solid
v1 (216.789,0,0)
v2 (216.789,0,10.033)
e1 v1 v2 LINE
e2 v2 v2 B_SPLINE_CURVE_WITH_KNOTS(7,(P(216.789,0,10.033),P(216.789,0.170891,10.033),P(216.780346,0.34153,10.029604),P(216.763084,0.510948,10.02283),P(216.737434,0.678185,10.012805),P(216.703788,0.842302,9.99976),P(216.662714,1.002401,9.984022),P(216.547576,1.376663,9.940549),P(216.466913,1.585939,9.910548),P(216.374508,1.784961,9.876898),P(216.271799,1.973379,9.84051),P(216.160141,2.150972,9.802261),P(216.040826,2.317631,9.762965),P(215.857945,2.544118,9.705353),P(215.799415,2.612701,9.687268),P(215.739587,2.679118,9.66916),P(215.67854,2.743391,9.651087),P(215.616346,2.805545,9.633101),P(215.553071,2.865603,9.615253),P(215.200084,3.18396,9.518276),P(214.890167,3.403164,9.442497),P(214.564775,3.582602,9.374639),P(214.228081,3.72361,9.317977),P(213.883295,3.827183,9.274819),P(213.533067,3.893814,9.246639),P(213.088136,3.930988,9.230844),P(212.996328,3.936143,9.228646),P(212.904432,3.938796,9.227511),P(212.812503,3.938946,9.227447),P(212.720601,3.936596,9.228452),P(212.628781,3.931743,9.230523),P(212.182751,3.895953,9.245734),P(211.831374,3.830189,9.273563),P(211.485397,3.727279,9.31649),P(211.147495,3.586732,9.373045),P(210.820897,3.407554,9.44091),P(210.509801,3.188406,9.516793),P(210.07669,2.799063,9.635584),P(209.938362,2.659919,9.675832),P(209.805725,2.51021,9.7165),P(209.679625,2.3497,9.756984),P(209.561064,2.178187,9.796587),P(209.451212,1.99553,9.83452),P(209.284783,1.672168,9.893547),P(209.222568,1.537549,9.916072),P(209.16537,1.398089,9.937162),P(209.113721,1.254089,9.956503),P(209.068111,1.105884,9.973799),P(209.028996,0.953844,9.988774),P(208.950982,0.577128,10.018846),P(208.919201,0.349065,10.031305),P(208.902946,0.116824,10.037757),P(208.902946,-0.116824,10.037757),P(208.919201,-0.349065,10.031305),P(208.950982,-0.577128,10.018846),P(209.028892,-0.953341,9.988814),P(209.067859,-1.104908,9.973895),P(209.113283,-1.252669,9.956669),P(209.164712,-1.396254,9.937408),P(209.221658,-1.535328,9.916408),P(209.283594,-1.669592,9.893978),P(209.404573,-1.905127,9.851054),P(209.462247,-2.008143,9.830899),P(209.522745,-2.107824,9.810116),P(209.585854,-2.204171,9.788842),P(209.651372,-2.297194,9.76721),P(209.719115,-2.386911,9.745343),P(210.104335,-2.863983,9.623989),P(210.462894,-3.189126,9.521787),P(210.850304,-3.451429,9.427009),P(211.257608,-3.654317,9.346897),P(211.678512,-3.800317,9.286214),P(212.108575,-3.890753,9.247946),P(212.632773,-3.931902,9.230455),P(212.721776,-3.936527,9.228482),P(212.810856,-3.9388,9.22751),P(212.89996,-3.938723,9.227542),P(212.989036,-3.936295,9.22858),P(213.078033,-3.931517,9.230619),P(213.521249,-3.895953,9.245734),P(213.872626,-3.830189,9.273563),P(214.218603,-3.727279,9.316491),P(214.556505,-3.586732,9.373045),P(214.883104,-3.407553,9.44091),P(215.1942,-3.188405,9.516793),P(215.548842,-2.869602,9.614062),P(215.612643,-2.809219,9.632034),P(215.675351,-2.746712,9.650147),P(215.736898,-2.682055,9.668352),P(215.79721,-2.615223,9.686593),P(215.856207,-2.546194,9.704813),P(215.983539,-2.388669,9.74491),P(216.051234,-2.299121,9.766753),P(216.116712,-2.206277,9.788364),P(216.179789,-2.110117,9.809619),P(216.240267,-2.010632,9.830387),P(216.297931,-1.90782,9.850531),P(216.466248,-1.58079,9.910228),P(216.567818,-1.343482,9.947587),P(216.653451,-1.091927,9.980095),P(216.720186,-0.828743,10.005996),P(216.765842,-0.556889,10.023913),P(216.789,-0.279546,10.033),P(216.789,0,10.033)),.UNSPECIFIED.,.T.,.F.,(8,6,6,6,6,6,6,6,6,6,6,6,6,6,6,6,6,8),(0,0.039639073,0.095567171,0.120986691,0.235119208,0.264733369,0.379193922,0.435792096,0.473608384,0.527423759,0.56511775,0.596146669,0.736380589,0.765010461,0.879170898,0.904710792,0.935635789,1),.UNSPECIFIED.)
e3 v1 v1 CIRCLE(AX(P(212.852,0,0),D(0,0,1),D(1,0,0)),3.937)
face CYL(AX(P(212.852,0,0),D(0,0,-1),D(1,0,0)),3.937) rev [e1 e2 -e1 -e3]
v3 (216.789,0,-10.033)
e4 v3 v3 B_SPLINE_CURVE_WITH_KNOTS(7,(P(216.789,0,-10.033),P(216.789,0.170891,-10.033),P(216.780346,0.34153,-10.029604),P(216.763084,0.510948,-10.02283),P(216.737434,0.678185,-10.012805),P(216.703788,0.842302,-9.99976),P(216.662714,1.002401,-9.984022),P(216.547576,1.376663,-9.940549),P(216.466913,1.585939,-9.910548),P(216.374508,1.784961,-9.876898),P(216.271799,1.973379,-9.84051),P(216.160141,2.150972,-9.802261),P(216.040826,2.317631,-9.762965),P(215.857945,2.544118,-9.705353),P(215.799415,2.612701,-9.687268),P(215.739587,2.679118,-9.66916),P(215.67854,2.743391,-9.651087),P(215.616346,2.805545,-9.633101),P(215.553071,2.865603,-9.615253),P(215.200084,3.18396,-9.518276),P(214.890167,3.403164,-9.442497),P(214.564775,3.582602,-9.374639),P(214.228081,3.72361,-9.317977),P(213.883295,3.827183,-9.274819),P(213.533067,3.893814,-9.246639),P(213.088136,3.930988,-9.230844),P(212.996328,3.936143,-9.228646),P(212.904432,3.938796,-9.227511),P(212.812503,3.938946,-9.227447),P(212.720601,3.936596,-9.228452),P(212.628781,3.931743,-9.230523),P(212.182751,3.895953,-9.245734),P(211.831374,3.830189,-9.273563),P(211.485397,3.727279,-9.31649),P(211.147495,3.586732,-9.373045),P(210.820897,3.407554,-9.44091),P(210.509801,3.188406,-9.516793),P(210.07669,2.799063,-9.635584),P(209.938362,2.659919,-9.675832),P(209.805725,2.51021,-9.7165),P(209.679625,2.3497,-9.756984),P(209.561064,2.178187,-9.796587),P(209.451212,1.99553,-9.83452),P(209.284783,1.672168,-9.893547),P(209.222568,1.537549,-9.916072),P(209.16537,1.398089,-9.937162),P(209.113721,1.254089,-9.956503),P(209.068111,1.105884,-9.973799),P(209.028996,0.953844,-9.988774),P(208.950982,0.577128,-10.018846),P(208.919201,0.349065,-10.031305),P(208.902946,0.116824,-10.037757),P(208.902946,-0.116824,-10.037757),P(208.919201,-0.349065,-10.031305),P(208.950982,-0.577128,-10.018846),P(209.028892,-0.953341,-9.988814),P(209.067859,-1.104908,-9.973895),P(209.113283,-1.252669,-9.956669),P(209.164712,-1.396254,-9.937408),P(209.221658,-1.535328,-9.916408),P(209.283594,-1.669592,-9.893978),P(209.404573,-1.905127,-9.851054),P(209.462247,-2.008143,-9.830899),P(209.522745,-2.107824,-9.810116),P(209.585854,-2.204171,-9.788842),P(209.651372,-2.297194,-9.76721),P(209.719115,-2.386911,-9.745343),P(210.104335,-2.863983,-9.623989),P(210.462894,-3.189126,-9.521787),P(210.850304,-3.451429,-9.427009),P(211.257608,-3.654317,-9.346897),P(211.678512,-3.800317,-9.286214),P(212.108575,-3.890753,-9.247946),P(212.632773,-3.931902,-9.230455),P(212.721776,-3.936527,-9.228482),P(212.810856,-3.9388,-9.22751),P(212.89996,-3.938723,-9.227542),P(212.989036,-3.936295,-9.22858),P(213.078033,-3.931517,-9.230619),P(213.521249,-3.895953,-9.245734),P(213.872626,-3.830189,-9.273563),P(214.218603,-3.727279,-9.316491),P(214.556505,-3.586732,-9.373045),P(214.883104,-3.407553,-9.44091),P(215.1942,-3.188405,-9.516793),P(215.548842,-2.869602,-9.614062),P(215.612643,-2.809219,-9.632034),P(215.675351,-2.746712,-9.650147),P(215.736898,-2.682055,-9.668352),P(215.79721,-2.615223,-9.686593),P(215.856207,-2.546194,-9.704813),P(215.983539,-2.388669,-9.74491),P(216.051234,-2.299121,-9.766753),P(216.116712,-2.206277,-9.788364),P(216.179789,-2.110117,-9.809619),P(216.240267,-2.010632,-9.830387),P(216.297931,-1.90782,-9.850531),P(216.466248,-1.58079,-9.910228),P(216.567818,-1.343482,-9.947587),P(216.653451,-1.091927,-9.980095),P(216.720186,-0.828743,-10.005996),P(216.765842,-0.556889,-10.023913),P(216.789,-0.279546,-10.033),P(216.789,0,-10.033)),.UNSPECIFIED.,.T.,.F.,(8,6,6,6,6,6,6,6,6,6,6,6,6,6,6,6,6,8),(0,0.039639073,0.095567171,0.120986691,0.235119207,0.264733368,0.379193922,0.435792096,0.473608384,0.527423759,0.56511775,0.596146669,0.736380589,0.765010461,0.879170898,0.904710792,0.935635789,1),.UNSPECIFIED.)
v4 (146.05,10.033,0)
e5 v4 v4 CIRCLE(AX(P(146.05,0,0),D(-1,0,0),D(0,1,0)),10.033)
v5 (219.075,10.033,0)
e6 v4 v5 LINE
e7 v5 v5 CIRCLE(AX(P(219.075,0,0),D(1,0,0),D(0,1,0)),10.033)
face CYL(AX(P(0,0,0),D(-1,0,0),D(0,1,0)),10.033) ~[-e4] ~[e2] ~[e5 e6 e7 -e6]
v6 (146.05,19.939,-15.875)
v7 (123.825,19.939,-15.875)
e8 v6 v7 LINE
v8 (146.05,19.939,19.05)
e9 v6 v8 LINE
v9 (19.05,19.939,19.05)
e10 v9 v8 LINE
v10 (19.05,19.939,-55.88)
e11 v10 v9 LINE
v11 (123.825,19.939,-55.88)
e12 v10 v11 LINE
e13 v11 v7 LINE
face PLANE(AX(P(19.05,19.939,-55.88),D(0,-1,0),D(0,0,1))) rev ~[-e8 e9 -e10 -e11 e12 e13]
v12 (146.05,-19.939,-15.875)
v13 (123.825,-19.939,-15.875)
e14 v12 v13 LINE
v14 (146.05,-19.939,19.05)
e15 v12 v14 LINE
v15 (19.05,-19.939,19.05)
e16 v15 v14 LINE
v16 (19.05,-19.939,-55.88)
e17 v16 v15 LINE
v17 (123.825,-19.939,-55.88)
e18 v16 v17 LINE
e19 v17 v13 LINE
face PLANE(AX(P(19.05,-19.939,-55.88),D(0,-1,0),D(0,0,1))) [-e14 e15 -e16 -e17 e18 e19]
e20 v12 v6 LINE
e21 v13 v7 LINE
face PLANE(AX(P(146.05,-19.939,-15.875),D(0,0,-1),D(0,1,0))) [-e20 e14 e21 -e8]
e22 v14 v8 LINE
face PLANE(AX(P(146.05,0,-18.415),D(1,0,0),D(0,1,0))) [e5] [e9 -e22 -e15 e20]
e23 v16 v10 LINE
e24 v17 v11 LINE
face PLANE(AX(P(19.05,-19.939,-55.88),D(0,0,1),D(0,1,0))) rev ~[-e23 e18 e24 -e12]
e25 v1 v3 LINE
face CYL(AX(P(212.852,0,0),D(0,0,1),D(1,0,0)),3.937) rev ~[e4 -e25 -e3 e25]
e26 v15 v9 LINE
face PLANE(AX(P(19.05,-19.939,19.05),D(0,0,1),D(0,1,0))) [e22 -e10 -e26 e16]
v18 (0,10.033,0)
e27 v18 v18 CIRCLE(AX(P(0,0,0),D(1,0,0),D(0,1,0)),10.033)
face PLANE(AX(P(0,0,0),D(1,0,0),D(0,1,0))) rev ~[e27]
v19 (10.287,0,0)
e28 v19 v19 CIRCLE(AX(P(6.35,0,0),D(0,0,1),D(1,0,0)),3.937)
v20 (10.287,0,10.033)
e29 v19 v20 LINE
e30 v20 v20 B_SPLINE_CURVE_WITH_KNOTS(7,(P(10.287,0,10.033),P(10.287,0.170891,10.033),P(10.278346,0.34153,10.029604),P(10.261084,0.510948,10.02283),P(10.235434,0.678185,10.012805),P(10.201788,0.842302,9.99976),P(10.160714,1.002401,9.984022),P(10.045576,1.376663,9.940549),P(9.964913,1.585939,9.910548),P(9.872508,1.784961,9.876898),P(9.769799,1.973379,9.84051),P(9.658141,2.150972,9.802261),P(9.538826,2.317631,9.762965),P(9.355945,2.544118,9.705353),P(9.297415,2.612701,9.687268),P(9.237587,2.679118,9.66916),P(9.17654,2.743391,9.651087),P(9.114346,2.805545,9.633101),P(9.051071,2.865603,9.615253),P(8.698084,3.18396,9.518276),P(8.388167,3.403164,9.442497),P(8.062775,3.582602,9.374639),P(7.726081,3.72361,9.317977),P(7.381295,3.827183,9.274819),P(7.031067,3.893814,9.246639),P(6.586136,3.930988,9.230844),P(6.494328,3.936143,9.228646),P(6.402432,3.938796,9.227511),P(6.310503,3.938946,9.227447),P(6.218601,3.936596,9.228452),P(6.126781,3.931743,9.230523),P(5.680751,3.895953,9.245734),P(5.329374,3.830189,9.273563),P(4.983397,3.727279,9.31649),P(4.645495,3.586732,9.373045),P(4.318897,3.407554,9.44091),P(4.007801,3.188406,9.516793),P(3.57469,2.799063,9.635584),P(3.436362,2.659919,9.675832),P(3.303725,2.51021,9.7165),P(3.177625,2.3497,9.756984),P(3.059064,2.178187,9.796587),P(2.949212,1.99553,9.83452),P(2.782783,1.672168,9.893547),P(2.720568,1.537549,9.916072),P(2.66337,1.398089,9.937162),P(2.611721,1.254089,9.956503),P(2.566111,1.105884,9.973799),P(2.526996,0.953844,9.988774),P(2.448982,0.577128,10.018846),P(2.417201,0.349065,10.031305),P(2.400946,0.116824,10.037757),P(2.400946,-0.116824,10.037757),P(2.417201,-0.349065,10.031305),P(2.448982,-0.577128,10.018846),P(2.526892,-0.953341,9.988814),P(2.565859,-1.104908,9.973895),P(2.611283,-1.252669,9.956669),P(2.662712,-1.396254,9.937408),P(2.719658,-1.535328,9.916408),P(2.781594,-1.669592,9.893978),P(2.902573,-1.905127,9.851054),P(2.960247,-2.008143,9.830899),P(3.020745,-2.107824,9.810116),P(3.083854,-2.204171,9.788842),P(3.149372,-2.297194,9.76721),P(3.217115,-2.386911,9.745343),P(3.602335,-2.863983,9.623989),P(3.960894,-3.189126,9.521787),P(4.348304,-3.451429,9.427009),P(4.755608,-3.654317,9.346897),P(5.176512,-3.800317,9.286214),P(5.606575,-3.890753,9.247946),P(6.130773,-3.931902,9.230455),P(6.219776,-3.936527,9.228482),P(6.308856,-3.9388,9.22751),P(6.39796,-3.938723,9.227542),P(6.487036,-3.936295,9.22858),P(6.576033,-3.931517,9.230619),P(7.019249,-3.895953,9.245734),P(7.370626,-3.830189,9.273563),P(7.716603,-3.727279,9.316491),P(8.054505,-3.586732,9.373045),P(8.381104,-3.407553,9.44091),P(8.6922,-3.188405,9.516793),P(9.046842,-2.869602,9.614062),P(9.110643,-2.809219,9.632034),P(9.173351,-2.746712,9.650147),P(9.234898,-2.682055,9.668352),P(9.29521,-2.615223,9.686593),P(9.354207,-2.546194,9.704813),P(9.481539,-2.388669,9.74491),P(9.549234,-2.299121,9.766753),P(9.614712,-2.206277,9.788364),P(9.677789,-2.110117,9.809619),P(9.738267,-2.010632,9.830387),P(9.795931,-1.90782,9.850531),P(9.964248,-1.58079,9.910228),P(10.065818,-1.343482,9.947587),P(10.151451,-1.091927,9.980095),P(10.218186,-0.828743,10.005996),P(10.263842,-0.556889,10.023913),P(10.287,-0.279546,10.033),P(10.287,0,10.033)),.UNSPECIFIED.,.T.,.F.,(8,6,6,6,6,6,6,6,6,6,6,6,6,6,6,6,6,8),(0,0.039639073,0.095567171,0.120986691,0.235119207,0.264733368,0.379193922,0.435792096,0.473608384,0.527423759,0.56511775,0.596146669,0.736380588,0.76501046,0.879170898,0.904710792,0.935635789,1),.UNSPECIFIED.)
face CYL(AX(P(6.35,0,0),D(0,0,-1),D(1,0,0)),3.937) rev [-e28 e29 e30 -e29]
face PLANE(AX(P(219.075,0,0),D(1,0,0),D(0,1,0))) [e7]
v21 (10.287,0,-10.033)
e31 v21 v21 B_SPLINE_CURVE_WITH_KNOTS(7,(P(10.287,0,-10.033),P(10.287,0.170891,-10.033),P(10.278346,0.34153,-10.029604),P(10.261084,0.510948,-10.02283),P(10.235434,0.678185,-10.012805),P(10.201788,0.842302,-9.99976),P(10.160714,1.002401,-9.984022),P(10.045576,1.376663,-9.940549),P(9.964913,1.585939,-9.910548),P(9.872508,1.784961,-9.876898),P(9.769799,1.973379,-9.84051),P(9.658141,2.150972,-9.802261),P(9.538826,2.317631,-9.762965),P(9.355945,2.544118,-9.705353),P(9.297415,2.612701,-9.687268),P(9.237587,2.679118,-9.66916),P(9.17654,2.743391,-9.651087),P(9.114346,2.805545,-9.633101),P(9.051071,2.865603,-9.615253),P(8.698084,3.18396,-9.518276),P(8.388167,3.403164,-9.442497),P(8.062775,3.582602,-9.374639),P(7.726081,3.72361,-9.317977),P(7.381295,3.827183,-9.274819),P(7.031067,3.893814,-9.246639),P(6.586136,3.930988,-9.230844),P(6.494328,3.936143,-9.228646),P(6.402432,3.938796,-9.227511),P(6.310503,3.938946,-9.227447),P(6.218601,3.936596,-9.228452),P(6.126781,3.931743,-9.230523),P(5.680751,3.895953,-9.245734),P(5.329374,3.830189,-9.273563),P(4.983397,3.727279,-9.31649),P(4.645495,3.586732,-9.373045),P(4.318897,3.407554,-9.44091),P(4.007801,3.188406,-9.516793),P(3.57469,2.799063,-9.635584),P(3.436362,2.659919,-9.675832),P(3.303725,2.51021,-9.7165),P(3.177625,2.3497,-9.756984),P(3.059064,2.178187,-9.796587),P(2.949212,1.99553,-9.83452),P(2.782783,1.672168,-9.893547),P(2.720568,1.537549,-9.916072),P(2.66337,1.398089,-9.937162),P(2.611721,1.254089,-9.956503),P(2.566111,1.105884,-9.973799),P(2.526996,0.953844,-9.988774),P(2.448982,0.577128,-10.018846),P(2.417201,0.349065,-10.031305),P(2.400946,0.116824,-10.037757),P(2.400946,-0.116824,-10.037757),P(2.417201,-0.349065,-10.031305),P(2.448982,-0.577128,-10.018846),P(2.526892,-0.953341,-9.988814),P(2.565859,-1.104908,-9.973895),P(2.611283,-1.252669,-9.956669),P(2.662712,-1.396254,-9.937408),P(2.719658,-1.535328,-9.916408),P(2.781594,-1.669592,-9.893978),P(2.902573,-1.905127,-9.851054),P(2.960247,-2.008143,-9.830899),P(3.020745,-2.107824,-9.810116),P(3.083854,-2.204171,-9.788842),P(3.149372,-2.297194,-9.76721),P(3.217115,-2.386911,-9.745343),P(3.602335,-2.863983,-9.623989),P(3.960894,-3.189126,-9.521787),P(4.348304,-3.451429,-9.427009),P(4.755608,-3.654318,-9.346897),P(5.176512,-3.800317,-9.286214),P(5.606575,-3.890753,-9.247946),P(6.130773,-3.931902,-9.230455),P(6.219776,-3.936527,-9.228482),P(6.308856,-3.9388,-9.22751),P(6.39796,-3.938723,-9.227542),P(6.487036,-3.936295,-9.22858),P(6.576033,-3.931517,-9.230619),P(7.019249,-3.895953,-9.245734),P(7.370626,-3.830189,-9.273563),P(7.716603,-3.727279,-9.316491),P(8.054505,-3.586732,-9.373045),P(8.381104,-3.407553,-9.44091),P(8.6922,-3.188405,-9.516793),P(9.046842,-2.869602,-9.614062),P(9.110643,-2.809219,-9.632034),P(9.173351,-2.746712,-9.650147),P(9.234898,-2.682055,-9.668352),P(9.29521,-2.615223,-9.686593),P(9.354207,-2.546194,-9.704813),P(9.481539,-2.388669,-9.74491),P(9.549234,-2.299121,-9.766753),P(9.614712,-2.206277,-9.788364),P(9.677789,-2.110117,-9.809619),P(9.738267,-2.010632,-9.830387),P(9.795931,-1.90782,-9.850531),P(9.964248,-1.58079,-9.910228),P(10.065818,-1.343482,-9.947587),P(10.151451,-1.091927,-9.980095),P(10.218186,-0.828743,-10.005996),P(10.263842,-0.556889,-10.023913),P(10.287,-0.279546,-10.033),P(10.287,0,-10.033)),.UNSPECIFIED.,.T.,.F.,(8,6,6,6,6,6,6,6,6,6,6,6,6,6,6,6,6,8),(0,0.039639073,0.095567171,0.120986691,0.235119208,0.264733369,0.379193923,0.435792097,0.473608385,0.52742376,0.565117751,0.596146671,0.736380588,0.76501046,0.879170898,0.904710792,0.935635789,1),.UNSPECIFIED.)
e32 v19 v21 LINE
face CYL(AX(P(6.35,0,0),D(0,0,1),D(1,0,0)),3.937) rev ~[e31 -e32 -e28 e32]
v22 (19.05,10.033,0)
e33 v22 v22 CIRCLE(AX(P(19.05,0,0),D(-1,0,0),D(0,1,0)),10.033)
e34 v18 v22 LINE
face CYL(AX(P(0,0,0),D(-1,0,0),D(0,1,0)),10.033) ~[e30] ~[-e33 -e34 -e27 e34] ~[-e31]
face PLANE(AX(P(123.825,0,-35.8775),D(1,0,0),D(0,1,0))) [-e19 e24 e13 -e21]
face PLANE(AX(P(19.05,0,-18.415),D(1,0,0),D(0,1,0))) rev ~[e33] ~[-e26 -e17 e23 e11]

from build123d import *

# Parameters (mm, degrees)
F0_R          = 10.033
F1_DEPTH      = 219.075
F3_W          = 39.878
F3_H          = 74.93
F4_DEPTH      = 127
F5_W          = 39.878
F5_H          = 40.005
F6_DEPTH      = 22.225
F7_R          = 3.937
F8_DEPTH      = 55.881
F8_DEPTH_BACK = 19.051


with BuildPart() as f1:
    # F0 (on Right) → F1 (new body)
    with BuildSketch(Plane.YZ):
        Circle(F0_R)
    extrude(amount=F1_DEPTH)

    # F3 (on offset) → F4 (join)
    with BuildSketch(Plane.YZ.offset(19.05)):
        with Locations((0, -18.415)):
            Rectangle(F3_W, F3_H)
    extrude(amount=F4_DEPTH)

    # F5 (on face) → F6 (cut)
    with BuildSketch(Plane.YZ.offset(146.05)):
        with Locations((0, -35.8775)):
            Rectangle(F5_W, F5_H)
    extrude(amount=-F6_DEPTH, mode=Mode.SUBTRACT)

    # F7 (on Top) → F8 (cut, two sides)
    with BuildSketch(Plane.XY) as f8_sk:
        with Locations((6.35, 0)):
            Circle(F7_R)
        with Locations((212.852, 0)):
            Circle(F7_R)
    extrude(amount=-F8_DEPTH, mode=Mode.SUBTRACT)
    extrude(f8_sk.sketch, amount=F8_DEPTH_BACK, mode=Mode.SUBTRACT)


solid = f1.part
